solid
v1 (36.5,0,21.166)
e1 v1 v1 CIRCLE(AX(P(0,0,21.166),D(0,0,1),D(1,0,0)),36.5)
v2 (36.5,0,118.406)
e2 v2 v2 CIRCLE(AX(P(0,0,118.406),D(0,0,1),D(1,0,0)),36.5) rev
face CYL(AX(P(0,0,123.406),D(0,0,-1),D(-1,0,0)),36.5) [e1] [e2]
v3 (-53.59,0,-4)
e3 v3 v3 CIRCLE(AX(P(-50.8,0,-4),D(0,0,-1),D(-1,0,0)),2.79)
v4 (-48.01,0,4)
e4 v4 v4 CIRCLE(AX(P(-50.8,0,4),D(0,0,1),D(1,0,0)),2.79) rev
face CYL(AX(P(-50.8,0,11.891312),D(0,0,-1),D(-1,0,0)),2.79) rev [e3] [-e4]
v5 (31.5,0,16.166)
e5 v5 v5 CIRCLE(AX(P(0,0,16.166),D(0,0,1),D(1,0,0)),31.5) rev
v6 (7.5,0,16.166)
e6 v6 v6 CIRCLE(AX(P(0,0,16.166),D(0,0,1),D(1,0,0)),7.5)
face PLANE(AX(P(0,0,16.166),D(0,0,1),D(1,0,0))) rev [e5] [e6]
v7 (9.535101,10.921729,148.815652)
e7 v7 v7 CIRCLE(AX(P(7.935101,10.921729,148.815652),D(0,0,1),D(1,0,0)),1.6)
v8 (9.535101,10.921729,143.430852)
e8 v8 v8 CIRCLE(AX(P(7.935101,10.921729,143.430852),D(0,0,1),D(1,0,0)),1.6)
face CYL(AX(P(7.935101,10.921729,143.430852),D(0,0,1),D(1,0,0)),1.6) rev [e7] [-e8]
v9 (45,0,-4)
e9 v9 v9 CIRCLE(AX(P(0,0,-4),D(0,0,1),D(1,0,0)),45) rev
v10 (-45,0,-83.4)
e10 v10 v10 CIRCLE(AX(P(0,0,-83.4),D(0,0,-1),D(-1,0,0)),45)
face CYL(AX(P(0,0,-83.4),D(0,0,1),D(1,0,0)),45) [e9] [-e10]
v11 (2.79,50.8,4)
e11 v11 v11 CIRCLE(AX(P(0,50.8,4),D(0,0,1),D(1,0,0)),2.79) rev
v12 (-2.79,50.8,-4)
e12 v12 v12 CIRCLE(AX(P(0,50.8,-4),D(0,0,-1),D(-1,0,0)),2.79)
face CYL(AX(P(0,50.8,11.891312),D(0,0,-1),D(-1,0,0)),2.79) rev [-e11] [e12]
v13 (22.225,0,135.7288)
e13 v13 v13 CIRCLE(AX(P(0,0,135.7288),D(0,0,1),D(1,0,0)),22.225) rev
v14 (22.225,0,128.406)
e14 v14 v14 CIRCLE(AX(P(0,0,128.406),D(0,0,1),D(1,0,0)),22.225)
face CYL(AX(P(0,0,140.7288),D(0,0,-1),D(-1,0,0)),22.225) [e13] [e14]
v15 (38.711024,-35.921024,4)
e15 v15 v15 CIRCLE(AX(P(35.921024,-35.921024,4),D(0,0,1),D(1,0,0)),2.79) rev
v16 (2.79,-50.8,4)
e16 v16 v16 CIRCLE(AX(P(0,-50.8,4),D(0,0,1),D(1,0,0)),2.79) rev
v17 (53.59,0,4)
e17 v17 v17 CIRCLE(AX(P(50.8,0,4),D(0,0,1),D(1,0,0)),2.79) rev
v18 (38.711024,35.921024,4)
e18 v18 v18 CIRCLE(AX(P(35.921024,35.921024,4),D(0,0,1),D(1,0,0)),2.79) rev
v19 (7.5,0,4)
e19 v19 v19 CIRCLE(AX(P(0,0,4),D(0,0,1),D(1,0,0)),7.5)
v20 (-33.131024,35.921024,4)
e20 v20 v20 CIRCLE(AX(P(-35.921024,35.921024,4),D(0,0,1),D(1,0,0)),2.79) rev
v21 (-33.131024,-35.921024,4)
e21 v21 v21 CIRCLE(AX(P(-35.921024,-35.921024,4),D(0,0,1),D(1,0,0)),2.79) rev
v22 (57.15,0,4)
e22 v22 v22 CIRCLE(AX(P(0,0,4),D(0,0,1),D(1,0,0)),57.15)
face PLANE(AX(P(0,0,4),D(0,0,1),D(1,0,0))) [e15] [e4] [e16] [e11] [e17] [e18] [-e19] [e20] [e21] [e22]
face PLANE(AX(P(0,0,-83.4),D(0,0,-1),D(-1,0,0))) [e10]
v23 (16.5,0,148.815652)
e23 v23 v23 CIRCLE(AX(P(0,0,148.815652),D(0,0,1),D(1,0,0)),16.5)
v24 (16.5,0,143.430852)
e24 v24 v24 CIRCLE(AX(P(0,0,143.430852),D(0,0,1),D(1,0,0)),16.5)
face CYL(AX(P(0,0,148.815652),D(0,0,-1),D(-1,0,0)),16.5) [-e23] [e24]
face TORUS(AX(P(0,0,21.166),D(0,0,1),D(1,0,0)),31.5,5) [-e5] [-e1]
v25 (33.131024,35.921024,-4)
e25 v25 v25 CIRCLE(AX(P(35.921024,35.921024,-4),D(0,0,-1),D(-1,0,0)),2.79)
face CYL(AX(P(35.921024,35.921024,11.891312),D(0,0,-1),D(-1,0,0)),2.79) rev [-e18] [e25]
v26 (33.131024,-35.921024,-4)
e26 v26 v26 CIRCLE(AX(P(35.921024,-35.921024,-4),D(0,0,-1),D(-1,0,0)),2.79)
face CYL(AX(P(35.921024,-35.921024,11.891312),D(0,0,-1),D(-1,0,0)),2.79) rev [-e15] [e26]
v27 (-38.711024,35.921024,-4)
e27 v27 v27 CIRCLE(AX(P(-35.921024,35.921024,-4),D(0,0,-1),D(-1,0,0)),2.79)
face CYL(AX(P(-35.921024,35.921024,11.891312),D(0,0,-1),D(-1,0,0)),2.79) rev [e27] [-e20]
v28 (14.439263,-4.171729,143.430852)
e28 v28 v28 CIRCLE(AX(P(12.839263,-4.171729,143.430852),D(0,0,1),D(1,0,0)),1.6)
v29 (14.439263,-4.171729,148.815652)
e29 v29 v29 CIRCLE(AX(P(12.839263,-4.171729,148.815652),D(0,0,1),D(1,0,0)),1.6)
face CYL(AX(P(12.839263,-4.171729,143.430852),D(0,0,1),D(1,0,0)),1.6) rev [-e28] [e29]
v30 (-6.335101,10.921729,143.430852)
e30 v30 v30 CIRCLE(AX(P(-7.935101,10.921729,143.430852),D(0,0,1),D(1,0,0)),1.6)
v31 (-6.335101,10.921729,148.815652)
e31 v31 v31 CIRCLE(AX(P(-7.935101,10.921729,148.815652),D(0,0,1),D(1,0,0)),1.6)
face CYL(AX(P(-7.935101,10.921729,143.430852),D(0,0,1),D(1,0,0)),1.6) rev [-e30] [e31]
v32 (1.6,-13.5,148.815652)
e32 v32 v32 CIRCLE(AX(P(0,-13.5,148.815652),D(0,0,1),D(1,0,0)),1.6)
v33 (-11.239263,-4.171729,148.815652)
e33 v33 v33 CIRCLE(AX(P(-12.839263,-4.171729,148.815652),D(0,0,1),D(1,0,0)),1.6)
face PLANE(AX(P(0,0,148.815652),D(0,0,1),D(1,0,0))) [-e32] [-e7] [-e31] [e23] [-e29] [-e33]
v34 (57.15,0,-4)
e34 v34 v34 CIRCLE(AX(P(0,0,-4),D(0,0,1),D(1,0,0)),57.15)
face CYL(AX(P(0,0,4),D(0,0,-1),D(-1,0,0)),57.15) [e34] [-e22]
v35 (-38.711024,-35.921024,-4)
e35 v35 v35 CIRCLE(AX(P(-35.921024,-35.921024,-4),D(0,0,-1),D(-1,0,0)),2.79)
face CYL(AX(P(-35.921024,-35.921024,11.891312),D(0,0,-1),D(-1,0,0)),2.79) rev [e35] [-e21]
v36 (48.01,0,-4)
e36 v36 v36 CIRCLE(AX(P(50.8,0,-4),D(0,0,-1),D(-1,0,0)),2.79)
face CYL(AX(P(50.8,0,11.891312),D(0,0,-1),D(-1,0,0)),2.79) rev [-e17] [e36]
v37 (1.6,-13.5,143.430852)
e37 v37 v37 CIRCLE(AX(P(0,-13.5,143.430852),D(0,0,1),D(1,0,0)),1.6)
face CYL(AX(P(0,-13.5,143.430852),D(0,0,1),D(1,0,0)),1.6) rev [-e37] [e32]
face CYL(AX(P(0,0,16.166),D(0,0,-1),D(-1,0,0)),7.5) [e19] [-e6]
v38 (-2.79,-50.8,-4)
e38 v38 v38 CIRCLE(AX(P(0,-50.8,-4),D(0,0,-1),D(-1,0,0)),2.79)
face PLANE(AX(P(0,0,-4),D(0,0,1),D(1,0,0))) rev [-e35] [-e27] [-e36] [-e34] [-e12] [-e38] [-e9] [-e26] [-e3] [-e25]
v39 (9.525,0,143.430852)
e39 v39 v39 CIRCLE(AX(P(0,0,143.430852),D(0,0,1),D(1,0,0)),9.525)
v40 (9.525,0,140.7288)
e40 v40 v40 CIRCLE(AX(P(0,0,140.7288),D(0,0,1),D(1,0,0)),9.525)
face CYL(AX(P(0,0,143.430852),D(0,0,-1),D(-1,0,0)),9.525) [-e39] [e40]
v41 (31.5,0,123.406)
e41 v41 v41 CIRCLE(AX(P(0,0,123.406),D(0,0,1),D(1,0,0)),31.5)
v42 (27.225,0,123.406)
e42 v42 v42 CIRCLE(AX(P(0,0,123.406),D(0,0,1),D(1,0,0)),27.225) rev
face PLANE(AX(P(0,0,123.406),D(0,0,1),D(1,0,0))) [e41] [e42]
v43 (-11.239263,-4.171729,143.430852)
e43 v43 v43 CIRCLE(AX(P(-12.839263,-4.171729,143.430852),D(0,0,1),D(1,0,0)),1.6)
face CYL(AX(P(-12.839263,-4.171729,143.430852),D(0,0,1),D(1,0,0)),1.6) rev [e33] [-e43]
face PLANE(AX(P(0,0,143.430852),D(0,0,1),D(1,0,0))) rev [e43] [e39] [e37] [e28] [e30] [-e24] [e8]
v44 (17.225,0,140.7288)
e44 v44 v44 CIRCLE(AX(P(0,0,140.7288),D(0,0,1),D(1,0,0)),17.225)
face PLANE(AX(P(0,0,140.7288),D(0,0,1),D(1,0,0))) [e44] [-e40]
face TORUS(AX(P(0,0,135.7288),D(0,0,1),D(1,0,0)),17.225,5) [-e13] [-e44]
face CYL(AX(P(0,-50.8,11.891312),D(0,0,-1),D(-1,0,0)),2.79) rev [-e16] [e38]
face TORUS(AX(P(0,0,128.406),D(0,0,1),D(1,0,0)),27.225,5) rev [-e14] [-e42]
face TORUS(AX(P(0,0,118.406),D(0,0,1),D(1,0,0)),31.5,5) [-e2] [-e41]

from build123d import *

# Parameters (mm, degrees)
SKETCH1_R          = 57.15
EXTRUDE1_DEPTH     = 4
SKETCH3_R          = 7.5
EXTRUDE2_DEPTH     = 12.166
SKETCH4_R          = 36.5
EXTRUDE3_DEPTH     = 107.24
SKETCH5_R          = 22.225
EXTRUDE4_DEPTH     = 17.3228
SKETCH6_R          = 9.525
EXTRUDE5_DEPTH     = 2.702052
SKETCH7_R          = 16.5
EXTRUDE6_DEPTH     = 5.3848
SKETCH8_R          = 1.6
CUT_EXTRUDE1_DEPTH = 5.3848
SKETCH10_R         = 2.79
CUT_EXTRUDE2_DEPTH = 8
SKETCH11_R         = 45
EXTRUDE7_DEPTH     = 79.4
FILLET1_R          = 5


with BuildPart() as part:
    # Sketch1 → Extrude1 (new body, symmetric)
    with BuildSketch(Plane.XY):
        Circle(SKETCH1_R)
    extrude(amount=EXTRUDE1_DEPTH, both=True)

    # Sketch3 → Extrude2 (add)
    with BuildSketch(Plane.XY.offset(4)):
        Circle(SKETCH3_R)
    extrude(amount=EXTRUDE2_DEPTH)

    # Sketch4 → Extrude3 (add)
    with BuildSketch(Plane.XY.offset(16.166)):
        Circle(SKETCH4_R)
    extrude(amount=EXTRUDE3_DEPTH)

    # Sketch5 → Extrude4 (add)
    with BuildSketch(Plane.XY.offset(123.406)):
        Circle(SKETCH5_R)
    extrude(amount=EXTRUDE4_DEPTH)

    # Sketch6 → Extrude5 (add)
    with BuildSketch(Plane.XY.offset(140.7288)):
        Circle(SKETCH6_R)
    extrude(amount=EXTRUDE5_DEPTH)

    # Sketch7 → Extrude6 (add)
    with BuildSketch(Plane.XY.offset(143.430852)):
        Circle(SKETCH7_R)
    extrude(amount=EXTRUDE6_DEPTH)

    # Sketch8 → Cut-Extrude1 (cut)
    with BuildSketch(Plane.XY.offset(148.815652)):
        with Locations((-7.935100906, 10.921729424)):
            Circle(SKETCH8_R)
        with Locations((7.935100906, 10.921729424)):
            Circle(SKETCH8_R)
        with Locations((12.83926297, -4.171729424)):
            Circle(SKETCH8_R)
        with Locations((0, -13.5)):
            Circle(SKETCH8_R)
        with Locations((-12.83926297, -4.171729424)):
            Circle(SKETCH8_R)
    extrude(amount=-CUT_EXTRUDE1_DEPTH, mode=Mode.SUBTRACT)

    # Sketch10 → Cut-Extrude2 (cut)
    with BuildSketch(Plane(origin=(0, 0, -4), x_dir=(-1, 0, 0), z_dir=(0, 0, -1))):
        with Locations((0, 50.8)):
            Circle(SKETCH10_R)
        with Locations((35.921024484, 35.921024484)):
            Circle(SKETCH10_R)
        with Locations((50.8, 0)):
            Circle(SKETCH10_R)
        with Locations((35.921024484, -35.921024484)):
            Circle(SKETCH10_R)
        with Locations((0, -50.8)):
            Circle(SKETCH10_R)
        with Locations((-35.921024484, -35.921024484)):
            Circle(SKETCH10_R)
        with Locations((-50.8, 0)):
            Circle(SKETCH10_R)
        with Locations((-35.921024484, 35.921024484)):
            Circle(SKETCH10_R)
    extrude(amount=-CUT_EXTRUDE2_DEPTH, mode=Mode.SUBTRACT)

    # Sketch11 → Extrude7 (add)
    with BuildSketch(Plane(origin=(0, 0, -4), x_dir=(-1, 0, 0), z_dir=(0, 0, -1))):
        with Locations(Location((0, 0, 0), (0, 0, 180))):  # turned: the seam where the file's is
            Circle(SKETCH11_R)
    extrude(amount=EXTRUDE7_DEPTH)

    # Fillet1
    fillet1_edges = [part.edges().sort_by_distance(p)[0] for p in [
        (-36.5, 0, 123.406),
        (-22.225, 0, 123.406),
        (-22.225, 0, 140.7288),
        (-36.5, 0, 16.166),
    ]]
    fillet(fillet1_edges, radius=FILLET1_R)


solid = part.part
